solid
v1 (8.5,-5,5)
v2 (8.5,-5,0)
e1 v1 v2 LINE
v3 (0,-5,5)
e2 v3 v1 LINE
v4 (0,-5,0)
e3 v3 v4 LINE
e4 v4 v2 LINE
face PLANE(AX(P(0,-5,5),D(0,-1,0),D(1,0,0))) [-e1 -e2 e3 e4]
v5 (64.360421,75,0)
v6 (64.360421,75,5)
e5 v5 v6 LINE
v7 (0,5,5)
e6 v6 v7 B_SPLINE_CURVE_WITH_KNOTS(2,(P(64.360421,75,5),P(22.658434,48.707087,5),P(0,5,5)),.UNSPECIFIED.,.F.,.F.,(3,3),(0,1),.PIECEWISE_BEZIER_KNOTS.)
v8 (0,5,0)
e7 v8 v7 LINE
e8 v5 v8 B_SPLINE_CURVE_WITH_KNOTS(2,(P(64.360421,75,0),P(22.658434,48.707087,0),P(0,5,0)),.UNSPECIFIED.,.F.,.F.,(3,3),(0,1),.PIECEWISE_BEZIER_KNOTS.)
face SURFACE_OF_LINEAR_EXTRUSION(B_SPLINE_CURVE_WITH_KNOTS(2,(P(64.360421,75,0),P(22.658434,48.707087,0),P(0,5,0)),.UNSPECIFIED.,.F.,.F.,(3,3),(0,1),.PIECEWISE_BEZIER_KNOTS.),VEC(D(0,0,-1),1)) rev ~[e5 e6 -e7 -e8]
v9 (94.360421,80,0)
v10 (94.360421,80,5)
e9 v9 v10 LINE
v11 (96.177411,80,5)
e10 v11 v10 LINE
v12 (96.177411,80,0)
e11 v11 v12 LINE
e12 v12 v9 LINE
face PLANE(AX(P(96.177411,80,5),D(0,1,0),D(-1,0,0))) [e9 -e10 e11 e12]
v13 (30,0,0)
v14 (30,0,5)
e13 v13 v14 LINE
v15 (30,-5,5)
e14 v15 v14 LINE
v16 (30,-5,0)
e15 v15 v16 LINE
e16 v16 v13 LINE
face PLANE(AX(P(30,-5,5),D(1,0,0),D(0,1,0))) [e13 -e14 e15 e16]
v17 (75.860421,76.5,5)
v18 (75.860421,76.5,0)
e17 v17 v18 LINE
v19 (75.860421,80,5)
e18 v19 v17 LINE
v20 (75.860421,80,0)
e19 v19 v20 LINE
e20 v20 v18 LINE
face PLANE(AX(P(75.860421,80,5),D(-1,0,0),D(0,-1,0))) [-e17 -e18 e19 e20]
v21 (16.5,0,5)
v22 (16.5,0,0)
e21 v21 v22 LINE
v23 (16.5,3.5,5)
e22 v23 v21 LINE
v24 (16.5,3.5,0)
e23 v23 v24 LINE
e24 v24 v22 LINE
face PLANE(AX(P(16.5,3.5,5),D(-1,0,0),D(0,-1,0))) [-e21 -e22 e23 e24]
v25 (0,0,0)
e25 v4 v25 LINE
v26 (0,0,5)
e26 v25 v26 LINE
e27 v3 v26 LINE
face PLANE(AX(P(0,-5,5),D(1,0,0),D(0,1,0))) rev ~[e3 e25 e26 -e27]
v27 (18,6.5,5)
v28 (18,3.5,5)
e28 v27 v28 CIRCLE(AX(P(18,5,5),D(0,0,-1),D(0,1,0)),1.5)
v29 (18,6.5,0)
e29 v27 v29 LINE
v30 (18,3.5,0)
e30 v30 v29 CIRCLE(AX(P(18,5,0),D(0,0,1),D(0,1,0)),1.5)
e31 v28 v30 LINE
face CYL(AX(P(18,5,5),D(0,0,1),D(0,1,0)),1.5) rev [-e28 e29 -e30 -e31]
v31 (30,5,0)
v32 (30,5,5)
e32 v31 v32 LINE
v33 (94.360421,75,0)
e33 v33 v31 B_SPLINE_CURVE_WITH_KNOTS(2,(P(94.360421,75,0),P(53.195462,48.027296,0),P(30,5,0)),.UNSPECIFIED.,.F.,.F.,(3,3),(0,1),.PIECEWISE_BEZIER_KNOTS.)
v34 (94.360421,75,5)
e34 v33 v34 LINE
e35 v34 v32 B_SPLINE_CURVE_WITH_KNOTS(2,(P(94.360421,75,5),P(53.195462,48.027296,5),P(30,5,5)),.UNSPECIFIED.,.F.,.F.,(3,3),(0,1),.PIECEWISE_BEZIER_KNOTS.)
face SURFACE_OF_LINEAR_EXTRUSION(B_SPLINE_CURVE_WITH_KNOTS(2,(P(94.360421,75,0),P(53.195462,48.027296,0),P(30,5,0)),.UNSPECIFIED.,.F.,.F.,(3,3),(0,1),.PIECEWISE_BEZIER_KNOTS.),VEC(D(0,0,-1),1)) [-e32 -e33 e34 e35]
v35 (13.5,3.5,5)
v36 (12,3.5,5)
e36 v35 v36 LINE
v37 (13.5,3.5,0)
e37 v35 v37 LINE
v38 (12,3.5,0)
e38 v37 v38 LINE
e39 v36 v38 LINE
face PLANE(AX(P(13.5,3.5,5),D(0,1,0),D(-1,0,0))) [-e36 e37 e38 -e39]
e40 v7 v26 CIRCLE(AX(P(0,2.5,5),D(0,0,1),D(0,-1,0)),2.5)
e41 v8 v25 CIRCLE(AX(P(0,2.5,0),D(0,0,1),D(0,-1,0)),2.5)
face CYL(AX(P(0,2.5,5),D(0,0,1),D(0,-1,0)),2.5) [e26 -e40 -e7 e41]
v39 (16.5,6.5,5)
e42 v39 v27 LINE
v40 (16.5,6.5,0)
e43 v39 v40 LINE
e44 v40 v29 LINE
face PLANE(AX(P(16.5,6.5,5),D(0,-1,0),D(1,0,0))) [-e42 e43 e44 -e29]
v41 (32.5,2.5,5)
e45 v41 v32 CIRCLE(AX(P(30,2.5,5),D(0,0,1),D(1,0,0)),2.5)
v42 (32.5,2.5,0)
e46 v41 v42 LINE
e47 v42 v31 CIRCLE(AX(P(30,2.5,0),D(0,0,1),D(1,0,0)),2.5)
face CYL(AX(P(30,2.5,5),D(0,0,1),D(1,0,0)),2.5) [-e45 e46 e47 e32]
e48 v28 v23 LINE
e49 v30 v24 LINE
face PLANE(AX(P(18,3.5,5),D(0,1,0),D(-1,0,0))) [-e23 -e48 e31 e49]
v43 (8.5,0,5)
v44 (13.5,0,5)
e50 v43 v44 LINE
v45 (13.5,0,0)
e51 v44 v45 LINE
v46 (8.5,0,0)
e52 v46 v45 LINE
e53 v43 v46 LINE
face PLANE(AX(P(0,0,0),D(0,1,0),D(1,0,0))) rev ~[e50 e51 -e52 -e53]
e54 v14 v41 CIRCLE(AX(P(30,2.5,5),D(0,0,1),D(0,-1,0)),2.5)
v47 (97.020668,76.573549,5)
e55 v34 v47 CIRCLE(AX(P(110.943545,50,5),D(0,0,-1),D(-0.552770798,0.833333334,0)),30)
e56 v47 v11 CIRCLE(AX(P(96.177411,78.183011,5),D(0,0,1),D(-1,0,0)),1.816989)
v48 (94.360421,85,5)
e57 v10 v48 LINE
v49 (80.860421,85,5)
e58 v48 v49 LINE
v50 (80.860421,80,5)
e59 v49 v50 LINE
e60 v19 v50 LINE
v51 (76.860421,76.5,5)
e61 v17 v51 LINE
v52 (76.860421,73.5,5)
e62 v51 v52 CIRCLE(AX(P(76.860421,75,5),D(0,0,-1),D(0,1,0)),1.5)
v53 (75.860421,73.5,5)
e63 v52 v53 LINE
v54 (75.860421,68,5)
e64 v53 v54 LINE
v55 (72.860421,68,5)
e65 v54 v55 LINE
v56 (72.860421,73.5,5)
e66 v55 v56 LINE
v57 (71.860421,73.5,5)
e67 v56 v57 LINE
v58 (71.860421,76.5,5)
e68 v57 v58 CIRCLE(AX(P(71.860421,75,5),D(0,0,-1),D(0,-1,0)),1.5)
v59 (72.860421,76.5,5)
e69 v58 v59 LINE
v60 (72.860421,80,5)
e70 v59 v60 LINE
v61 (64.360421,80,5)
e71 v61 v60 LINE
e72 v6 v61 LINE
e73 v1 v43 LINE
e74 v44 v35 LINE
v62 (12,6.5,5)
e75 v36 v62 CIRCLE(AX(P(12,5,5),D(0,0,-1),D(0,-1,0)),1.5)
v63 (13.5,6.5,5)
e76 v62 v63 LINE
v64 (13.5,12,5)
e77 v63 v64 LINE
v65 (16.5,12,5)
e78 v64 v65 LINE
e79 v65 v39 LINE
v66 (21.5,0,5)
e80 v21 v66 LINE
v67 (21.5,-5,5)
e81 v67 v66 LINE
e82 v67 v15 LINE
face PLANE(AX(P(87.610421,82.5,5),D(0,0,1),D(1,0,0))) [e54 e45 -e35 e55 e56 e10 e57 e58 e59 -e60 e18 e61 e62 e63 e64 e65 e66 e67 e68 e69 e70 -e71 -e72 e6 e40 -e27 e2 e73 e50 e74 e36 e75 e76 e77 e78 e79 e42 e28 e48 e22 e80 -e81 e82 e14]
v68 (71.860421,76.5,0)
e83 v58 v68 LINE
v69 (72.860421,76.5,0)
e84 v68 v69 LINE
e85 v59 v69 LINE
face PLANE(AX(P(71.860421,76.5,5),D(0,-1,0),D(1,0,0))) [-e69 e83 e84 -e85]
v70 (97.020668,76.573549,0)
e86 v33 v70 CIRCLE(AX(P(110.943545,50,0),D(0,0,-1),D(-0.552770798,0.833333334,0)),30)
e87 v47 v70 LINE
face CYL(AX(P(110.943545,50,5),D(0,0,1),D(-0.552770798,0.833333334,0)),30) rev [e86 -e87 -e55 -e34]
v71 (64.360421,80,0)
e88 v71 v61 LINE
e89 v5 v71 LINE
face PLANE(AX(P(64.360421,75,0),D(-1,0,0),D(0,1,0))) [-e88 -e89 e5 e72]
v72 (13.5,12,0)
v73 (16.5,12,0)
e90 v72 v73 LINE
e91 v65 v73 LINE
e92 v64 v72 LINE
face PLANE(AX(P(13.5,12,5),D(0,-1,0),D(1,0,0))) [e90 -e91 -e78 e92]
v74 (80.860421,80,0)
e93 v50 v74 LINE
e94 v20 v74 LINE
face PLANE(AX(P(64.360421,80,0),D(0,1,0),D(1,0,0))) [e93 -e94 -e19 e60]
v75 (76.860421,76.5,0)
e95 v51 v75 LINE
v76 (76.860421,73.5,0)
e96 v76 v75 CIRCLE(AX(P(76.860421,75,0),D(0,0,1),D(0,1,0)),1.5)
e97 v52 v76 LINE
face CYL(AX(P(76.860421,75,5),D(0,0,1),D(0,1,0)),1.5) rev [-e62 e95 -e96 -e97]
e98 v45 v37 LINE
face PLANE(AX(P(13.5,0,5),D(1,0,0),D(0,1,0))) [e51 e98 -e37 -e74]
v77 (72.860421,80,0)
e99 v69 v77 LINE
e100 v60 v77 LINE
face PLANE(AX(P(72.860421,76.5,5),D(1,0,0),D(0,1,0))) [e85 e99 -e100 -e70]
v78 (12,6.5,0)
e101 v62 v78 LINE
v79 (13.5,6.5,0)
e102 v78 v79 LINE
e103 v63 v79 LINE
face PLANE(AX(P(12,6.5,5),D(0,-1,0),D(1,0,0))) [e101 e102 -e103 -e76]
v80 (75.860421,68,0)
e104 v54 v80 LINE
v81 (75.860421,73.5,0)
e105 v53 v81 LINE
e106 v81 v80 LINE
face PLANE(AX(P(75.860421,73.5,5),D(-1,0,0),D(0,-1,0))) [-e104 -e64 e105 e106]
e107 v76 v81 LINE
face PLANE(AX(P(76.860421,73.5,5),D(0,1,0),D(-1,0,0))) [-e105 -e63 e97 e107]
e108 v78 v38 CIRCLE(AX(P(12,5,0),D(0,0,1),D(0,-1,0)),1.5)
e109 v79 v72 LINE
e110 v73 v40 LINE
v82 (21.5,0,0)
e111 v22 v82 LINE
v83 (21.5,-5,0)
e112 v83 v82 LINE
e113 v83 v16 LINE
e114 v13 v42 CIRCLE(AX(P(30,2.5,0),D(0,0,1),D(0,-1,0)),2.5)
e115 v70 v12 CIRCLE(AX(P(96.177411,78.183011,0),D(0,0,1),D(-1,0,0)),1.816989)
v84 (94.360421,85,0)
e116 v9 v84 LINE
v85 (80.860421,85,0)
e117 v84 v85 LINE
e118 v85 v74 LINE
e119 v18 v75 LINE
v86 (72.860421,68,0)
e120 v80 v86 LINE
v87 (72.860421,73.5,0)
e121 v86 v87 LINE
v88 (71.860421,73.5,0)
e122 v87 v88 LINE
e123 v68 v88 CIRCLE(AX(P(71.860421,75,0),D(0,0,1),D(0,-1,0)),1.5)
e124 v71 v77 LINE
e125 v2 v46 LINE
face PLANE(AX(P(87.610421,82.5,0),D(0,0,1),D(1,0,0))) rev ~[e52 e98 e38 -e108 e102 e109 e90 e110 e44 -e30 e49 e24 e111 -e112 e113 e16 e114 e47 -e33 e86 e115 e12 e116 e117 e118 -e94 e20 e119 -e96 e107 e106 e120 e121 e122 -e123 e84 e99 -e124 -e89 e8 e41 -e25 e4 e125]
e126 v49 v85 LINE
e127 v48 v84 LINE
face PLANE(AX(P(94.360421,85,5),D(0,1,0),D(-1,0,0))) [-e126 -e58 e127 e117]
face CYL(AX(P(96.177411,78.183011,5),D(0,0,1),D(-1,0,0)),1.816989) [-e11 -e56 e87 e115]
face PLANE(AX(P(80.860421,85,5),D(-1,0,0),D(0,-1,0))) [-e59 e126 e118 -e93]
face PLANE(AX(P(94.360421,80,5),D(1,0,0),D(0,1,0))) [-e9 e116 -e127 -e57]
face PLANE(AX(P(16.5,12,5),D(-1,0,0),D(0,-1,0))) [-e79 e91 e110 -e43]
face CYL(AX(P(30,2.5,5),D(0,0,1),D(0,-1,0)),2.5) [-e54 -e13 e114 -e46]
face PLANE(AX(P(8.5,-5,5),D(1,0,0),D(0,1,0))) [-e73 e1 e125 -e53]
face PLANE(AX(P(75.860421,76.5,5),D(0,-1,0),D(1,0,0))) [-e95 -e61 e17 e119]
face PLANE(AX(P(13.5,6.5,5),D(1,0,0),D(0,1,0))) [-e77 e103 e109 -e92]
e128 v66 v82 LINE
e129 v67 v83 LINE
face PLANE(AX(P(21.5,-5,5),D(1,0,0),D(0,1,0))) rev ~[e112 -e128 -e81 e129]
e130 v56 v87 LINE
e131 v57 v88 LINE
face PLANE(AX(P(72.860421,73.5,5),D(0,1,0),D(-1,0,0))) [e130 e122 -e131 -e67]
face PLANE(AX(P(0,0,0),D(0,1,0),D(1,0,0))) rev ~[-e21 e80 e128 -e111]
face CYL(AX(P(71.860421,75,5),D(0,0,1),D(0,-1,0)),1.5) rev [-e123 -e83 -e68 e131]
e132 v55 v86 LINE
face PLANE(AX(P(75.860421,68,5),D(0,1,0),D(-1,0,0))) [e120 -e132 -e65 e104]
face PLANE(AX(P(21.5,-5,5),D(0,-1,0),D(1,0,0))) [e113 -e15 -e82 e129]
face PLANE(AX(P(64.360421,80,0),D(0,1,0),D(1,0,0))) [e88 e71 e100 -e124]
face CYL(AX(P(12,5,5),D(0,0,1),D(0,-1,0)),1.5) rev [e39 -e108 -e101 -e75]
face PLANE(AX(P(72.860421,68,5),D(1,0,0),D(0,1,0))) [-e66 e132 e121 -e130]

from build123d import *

# Parameters (mm, degrees)
SKETCH1_W           = 30
SKETCH1_H           = 5
BOSS_EXTRUDE1_DEPTH = 5
SKETCH3_OUTSIDE_W   = 121.122
SKETCH3_OUTSIDE_H   = 106.762
CUT_EXTRUDE1_DEPTH  = 10
SKETCH4_R           = 1.816989411
SKETCH4_W           = 8.5
SKETCH4_H           = 5
SKETCH4_R_2         = 2.5
BOSS_EXTRUDE2_DEPTH = 5


with BuildPart() as part:
    # Sketch1 → Boss-Extrude1 (new body)
    with BuildSketch(Plane.XY):
        with Locations((15, 2.5)):
            Rectangle(SKETCH1_W, SKETCH1_H)
        with BuildLine():
            add(Edge.make_bspline(
                [(94.36042114, 75), (53.195461928, 48.027295895), (30, 5)],
                knots=[0, 0, 0, 1, 1, 1], degree=2))
            Line((30, 5), (0, 5))
            add(Edge.make_bspline(
                [(64.36042114, 75), (22.658434304, 48.707086793), (0, 5)],
                knots=[0, 0, 0, 1, 1, 1], degree=2))
            Line((64.36042114, 75), (94.36042114, 75))
        make_face()
        with Locations((79.36042114, 77.5)):
            Rectangle(SKETCH1_W, SKETCH1_H)
    extrude(amount=BOSS_EXTRUDE1_DEPTH)

    # Sketch3 outside → Cut-Extrude1 (cut)
    with BuildSketch(Plane.XY.offset(5)):
        with Locations((47.18, 40)):
            Rectangle(SKETCH3_OUTSIDE_W, SKETCH3_OUTSIDE_H)
        with BuildLine():
            Line((72.86042114, 76.5), (72.86042114, 80))
            Line((72.86042114, 80), (64.36042114, 80))
            Line((64.36042114, 80), (64.36042114, 75))
            add(Edge.make_bspline(
                [(64.36042114, 75), (22.658434304, 48.707086793), (0, 5)],
                knots=[0, 0, 0, 1, 1, 1], degree=2))
            Line((0, 5), (0, 0))
            Line((0, 0), (13.5, 0))
            Line((13.5, 0), (13.5, 3.5))
            Line((13.5, 3.5), (12, 3.5))
            ThreePointArc((12, 3.5), (10.5, 5), (12, 6.5))
            Line((12, 6.5), (13.5, 6.5))
            Line((13.5, 6.5), (13.5, 12))
            Line((13.5, 12), (16.5, 12))
            Line((16.5, 12), (16.5, 6.5))
            Line((16.5, 6.5), (18, 6.5))
            ThreePointArc((18, 6.5), (19.5, 5), (18, 3.5))
            Line((18, 3.5), (16.5, 3.5))
            Line((16.5, 3.5), (16.5, 0))
            Line((16.5, 0), (30, 0))
            Line((30, 0), (30, 5))
            add(Edge.make_bspline(
                [(30, 5), (53.195461928, 48.027295895), (94.36042114, 75)],
                knots=[0, 0, 0, 1, 1, 1], degree=2))
            Line((94.36042114, 75), (94.36042114, 80))
            Line((94.36042114, 80), (75.86042114, 80))
            Line((75.86042114, 80), (75.86042114, 76.5))
            Line((75.86042114, 76.5), (76.86042114, 76.5))
            ThreePointArc((76.86042114, 76.5), (78.36042114, 75), (76.86042114, 73.5))
            Line((76.86042114, 73.5), (75.86042114, 73.5))
            Line((75.86042114, 73.5), (75.86042114, 68))
            Line((75.86042114, 68), (72.86042114, 68))
            Line((72.86042114, 68), (72.86042114, 73.5))
            Line((72.86042114, 73.5), (71.86042114, 73.5))
            ThreePointArc((71.86042114, 73.5), (70.36042114, 75), (71.86042114, 76.5))
            Line((71.86042114, 76.5), (72.86042114, 76.5))
        make_face(mode=Mode.SUBTRACT)
    extrude(amount=-CUT_EXTRUDE1_DEPTH, mode=Mode.SUBTRACT)

    # Sketch4 → Boss-Extrude2 (add)
    with BuildSketch(Plane.XY.offset(5)):
        Polygon((94.285794486, 80), (94.36042114, 80), (94.36042114, 85), (80.86042114, 85), (80.86042114, 80), align=None)
        with Locations((96.177410551, 78.183010589)):
            Circle(SKETCH4_R)
        with BuildLine():
            Line((96.177410551, 80), (94.36042114, 80))
            Line((94.36042114, 80), (94.36042114, 78.183010589))
            ThreePointArc((94.36042114, 78.183010589), (94.892605017, 79.467816123), (96.177410551, 80))
        make_face()
        with BuildLine():
            ThreePointArc((97.020667914, 76.573548711), (95.23686262, 76.628398062), (94.36042114, 78.183010589))
            Line((94.36042114, 78.183010589), (94.36042114, 75))
            ThreePointArc((94.36042114, 75), (95.670266462, 75.821056521), (97.020667914, 76.573548711))
        make_face()
        with Locations((25.75, -2.5)):
            Rectangle(SKETCH4_W, SKETCH4_H)
        with Locations((4.25, -2.5)):
            Rectangle(SKETCH4_W, SKETCH4_H)
        with BuildLine():
            Line((30, 5), (30, 0))
            ThreePointArc((30, 0), (31.767766953, 0.732233047), (32.5, 2.5))
            ThreePointArc((32.5, 2.5), (31.767766953, 4.267766953), (30, 5))
        make_face()
        with BuildLine():
            ThreePointArc((30, 5), (27.5, 2.5), (30, 0))
            Line((30, 0), (30, 5))
        make_face()
        with Locations((0, 2.5)):
            Circle(SKETCH4_R_2)
    extrude(amount=-BOSS_EXTRUDE2_DEPTH)


solid = part.part
